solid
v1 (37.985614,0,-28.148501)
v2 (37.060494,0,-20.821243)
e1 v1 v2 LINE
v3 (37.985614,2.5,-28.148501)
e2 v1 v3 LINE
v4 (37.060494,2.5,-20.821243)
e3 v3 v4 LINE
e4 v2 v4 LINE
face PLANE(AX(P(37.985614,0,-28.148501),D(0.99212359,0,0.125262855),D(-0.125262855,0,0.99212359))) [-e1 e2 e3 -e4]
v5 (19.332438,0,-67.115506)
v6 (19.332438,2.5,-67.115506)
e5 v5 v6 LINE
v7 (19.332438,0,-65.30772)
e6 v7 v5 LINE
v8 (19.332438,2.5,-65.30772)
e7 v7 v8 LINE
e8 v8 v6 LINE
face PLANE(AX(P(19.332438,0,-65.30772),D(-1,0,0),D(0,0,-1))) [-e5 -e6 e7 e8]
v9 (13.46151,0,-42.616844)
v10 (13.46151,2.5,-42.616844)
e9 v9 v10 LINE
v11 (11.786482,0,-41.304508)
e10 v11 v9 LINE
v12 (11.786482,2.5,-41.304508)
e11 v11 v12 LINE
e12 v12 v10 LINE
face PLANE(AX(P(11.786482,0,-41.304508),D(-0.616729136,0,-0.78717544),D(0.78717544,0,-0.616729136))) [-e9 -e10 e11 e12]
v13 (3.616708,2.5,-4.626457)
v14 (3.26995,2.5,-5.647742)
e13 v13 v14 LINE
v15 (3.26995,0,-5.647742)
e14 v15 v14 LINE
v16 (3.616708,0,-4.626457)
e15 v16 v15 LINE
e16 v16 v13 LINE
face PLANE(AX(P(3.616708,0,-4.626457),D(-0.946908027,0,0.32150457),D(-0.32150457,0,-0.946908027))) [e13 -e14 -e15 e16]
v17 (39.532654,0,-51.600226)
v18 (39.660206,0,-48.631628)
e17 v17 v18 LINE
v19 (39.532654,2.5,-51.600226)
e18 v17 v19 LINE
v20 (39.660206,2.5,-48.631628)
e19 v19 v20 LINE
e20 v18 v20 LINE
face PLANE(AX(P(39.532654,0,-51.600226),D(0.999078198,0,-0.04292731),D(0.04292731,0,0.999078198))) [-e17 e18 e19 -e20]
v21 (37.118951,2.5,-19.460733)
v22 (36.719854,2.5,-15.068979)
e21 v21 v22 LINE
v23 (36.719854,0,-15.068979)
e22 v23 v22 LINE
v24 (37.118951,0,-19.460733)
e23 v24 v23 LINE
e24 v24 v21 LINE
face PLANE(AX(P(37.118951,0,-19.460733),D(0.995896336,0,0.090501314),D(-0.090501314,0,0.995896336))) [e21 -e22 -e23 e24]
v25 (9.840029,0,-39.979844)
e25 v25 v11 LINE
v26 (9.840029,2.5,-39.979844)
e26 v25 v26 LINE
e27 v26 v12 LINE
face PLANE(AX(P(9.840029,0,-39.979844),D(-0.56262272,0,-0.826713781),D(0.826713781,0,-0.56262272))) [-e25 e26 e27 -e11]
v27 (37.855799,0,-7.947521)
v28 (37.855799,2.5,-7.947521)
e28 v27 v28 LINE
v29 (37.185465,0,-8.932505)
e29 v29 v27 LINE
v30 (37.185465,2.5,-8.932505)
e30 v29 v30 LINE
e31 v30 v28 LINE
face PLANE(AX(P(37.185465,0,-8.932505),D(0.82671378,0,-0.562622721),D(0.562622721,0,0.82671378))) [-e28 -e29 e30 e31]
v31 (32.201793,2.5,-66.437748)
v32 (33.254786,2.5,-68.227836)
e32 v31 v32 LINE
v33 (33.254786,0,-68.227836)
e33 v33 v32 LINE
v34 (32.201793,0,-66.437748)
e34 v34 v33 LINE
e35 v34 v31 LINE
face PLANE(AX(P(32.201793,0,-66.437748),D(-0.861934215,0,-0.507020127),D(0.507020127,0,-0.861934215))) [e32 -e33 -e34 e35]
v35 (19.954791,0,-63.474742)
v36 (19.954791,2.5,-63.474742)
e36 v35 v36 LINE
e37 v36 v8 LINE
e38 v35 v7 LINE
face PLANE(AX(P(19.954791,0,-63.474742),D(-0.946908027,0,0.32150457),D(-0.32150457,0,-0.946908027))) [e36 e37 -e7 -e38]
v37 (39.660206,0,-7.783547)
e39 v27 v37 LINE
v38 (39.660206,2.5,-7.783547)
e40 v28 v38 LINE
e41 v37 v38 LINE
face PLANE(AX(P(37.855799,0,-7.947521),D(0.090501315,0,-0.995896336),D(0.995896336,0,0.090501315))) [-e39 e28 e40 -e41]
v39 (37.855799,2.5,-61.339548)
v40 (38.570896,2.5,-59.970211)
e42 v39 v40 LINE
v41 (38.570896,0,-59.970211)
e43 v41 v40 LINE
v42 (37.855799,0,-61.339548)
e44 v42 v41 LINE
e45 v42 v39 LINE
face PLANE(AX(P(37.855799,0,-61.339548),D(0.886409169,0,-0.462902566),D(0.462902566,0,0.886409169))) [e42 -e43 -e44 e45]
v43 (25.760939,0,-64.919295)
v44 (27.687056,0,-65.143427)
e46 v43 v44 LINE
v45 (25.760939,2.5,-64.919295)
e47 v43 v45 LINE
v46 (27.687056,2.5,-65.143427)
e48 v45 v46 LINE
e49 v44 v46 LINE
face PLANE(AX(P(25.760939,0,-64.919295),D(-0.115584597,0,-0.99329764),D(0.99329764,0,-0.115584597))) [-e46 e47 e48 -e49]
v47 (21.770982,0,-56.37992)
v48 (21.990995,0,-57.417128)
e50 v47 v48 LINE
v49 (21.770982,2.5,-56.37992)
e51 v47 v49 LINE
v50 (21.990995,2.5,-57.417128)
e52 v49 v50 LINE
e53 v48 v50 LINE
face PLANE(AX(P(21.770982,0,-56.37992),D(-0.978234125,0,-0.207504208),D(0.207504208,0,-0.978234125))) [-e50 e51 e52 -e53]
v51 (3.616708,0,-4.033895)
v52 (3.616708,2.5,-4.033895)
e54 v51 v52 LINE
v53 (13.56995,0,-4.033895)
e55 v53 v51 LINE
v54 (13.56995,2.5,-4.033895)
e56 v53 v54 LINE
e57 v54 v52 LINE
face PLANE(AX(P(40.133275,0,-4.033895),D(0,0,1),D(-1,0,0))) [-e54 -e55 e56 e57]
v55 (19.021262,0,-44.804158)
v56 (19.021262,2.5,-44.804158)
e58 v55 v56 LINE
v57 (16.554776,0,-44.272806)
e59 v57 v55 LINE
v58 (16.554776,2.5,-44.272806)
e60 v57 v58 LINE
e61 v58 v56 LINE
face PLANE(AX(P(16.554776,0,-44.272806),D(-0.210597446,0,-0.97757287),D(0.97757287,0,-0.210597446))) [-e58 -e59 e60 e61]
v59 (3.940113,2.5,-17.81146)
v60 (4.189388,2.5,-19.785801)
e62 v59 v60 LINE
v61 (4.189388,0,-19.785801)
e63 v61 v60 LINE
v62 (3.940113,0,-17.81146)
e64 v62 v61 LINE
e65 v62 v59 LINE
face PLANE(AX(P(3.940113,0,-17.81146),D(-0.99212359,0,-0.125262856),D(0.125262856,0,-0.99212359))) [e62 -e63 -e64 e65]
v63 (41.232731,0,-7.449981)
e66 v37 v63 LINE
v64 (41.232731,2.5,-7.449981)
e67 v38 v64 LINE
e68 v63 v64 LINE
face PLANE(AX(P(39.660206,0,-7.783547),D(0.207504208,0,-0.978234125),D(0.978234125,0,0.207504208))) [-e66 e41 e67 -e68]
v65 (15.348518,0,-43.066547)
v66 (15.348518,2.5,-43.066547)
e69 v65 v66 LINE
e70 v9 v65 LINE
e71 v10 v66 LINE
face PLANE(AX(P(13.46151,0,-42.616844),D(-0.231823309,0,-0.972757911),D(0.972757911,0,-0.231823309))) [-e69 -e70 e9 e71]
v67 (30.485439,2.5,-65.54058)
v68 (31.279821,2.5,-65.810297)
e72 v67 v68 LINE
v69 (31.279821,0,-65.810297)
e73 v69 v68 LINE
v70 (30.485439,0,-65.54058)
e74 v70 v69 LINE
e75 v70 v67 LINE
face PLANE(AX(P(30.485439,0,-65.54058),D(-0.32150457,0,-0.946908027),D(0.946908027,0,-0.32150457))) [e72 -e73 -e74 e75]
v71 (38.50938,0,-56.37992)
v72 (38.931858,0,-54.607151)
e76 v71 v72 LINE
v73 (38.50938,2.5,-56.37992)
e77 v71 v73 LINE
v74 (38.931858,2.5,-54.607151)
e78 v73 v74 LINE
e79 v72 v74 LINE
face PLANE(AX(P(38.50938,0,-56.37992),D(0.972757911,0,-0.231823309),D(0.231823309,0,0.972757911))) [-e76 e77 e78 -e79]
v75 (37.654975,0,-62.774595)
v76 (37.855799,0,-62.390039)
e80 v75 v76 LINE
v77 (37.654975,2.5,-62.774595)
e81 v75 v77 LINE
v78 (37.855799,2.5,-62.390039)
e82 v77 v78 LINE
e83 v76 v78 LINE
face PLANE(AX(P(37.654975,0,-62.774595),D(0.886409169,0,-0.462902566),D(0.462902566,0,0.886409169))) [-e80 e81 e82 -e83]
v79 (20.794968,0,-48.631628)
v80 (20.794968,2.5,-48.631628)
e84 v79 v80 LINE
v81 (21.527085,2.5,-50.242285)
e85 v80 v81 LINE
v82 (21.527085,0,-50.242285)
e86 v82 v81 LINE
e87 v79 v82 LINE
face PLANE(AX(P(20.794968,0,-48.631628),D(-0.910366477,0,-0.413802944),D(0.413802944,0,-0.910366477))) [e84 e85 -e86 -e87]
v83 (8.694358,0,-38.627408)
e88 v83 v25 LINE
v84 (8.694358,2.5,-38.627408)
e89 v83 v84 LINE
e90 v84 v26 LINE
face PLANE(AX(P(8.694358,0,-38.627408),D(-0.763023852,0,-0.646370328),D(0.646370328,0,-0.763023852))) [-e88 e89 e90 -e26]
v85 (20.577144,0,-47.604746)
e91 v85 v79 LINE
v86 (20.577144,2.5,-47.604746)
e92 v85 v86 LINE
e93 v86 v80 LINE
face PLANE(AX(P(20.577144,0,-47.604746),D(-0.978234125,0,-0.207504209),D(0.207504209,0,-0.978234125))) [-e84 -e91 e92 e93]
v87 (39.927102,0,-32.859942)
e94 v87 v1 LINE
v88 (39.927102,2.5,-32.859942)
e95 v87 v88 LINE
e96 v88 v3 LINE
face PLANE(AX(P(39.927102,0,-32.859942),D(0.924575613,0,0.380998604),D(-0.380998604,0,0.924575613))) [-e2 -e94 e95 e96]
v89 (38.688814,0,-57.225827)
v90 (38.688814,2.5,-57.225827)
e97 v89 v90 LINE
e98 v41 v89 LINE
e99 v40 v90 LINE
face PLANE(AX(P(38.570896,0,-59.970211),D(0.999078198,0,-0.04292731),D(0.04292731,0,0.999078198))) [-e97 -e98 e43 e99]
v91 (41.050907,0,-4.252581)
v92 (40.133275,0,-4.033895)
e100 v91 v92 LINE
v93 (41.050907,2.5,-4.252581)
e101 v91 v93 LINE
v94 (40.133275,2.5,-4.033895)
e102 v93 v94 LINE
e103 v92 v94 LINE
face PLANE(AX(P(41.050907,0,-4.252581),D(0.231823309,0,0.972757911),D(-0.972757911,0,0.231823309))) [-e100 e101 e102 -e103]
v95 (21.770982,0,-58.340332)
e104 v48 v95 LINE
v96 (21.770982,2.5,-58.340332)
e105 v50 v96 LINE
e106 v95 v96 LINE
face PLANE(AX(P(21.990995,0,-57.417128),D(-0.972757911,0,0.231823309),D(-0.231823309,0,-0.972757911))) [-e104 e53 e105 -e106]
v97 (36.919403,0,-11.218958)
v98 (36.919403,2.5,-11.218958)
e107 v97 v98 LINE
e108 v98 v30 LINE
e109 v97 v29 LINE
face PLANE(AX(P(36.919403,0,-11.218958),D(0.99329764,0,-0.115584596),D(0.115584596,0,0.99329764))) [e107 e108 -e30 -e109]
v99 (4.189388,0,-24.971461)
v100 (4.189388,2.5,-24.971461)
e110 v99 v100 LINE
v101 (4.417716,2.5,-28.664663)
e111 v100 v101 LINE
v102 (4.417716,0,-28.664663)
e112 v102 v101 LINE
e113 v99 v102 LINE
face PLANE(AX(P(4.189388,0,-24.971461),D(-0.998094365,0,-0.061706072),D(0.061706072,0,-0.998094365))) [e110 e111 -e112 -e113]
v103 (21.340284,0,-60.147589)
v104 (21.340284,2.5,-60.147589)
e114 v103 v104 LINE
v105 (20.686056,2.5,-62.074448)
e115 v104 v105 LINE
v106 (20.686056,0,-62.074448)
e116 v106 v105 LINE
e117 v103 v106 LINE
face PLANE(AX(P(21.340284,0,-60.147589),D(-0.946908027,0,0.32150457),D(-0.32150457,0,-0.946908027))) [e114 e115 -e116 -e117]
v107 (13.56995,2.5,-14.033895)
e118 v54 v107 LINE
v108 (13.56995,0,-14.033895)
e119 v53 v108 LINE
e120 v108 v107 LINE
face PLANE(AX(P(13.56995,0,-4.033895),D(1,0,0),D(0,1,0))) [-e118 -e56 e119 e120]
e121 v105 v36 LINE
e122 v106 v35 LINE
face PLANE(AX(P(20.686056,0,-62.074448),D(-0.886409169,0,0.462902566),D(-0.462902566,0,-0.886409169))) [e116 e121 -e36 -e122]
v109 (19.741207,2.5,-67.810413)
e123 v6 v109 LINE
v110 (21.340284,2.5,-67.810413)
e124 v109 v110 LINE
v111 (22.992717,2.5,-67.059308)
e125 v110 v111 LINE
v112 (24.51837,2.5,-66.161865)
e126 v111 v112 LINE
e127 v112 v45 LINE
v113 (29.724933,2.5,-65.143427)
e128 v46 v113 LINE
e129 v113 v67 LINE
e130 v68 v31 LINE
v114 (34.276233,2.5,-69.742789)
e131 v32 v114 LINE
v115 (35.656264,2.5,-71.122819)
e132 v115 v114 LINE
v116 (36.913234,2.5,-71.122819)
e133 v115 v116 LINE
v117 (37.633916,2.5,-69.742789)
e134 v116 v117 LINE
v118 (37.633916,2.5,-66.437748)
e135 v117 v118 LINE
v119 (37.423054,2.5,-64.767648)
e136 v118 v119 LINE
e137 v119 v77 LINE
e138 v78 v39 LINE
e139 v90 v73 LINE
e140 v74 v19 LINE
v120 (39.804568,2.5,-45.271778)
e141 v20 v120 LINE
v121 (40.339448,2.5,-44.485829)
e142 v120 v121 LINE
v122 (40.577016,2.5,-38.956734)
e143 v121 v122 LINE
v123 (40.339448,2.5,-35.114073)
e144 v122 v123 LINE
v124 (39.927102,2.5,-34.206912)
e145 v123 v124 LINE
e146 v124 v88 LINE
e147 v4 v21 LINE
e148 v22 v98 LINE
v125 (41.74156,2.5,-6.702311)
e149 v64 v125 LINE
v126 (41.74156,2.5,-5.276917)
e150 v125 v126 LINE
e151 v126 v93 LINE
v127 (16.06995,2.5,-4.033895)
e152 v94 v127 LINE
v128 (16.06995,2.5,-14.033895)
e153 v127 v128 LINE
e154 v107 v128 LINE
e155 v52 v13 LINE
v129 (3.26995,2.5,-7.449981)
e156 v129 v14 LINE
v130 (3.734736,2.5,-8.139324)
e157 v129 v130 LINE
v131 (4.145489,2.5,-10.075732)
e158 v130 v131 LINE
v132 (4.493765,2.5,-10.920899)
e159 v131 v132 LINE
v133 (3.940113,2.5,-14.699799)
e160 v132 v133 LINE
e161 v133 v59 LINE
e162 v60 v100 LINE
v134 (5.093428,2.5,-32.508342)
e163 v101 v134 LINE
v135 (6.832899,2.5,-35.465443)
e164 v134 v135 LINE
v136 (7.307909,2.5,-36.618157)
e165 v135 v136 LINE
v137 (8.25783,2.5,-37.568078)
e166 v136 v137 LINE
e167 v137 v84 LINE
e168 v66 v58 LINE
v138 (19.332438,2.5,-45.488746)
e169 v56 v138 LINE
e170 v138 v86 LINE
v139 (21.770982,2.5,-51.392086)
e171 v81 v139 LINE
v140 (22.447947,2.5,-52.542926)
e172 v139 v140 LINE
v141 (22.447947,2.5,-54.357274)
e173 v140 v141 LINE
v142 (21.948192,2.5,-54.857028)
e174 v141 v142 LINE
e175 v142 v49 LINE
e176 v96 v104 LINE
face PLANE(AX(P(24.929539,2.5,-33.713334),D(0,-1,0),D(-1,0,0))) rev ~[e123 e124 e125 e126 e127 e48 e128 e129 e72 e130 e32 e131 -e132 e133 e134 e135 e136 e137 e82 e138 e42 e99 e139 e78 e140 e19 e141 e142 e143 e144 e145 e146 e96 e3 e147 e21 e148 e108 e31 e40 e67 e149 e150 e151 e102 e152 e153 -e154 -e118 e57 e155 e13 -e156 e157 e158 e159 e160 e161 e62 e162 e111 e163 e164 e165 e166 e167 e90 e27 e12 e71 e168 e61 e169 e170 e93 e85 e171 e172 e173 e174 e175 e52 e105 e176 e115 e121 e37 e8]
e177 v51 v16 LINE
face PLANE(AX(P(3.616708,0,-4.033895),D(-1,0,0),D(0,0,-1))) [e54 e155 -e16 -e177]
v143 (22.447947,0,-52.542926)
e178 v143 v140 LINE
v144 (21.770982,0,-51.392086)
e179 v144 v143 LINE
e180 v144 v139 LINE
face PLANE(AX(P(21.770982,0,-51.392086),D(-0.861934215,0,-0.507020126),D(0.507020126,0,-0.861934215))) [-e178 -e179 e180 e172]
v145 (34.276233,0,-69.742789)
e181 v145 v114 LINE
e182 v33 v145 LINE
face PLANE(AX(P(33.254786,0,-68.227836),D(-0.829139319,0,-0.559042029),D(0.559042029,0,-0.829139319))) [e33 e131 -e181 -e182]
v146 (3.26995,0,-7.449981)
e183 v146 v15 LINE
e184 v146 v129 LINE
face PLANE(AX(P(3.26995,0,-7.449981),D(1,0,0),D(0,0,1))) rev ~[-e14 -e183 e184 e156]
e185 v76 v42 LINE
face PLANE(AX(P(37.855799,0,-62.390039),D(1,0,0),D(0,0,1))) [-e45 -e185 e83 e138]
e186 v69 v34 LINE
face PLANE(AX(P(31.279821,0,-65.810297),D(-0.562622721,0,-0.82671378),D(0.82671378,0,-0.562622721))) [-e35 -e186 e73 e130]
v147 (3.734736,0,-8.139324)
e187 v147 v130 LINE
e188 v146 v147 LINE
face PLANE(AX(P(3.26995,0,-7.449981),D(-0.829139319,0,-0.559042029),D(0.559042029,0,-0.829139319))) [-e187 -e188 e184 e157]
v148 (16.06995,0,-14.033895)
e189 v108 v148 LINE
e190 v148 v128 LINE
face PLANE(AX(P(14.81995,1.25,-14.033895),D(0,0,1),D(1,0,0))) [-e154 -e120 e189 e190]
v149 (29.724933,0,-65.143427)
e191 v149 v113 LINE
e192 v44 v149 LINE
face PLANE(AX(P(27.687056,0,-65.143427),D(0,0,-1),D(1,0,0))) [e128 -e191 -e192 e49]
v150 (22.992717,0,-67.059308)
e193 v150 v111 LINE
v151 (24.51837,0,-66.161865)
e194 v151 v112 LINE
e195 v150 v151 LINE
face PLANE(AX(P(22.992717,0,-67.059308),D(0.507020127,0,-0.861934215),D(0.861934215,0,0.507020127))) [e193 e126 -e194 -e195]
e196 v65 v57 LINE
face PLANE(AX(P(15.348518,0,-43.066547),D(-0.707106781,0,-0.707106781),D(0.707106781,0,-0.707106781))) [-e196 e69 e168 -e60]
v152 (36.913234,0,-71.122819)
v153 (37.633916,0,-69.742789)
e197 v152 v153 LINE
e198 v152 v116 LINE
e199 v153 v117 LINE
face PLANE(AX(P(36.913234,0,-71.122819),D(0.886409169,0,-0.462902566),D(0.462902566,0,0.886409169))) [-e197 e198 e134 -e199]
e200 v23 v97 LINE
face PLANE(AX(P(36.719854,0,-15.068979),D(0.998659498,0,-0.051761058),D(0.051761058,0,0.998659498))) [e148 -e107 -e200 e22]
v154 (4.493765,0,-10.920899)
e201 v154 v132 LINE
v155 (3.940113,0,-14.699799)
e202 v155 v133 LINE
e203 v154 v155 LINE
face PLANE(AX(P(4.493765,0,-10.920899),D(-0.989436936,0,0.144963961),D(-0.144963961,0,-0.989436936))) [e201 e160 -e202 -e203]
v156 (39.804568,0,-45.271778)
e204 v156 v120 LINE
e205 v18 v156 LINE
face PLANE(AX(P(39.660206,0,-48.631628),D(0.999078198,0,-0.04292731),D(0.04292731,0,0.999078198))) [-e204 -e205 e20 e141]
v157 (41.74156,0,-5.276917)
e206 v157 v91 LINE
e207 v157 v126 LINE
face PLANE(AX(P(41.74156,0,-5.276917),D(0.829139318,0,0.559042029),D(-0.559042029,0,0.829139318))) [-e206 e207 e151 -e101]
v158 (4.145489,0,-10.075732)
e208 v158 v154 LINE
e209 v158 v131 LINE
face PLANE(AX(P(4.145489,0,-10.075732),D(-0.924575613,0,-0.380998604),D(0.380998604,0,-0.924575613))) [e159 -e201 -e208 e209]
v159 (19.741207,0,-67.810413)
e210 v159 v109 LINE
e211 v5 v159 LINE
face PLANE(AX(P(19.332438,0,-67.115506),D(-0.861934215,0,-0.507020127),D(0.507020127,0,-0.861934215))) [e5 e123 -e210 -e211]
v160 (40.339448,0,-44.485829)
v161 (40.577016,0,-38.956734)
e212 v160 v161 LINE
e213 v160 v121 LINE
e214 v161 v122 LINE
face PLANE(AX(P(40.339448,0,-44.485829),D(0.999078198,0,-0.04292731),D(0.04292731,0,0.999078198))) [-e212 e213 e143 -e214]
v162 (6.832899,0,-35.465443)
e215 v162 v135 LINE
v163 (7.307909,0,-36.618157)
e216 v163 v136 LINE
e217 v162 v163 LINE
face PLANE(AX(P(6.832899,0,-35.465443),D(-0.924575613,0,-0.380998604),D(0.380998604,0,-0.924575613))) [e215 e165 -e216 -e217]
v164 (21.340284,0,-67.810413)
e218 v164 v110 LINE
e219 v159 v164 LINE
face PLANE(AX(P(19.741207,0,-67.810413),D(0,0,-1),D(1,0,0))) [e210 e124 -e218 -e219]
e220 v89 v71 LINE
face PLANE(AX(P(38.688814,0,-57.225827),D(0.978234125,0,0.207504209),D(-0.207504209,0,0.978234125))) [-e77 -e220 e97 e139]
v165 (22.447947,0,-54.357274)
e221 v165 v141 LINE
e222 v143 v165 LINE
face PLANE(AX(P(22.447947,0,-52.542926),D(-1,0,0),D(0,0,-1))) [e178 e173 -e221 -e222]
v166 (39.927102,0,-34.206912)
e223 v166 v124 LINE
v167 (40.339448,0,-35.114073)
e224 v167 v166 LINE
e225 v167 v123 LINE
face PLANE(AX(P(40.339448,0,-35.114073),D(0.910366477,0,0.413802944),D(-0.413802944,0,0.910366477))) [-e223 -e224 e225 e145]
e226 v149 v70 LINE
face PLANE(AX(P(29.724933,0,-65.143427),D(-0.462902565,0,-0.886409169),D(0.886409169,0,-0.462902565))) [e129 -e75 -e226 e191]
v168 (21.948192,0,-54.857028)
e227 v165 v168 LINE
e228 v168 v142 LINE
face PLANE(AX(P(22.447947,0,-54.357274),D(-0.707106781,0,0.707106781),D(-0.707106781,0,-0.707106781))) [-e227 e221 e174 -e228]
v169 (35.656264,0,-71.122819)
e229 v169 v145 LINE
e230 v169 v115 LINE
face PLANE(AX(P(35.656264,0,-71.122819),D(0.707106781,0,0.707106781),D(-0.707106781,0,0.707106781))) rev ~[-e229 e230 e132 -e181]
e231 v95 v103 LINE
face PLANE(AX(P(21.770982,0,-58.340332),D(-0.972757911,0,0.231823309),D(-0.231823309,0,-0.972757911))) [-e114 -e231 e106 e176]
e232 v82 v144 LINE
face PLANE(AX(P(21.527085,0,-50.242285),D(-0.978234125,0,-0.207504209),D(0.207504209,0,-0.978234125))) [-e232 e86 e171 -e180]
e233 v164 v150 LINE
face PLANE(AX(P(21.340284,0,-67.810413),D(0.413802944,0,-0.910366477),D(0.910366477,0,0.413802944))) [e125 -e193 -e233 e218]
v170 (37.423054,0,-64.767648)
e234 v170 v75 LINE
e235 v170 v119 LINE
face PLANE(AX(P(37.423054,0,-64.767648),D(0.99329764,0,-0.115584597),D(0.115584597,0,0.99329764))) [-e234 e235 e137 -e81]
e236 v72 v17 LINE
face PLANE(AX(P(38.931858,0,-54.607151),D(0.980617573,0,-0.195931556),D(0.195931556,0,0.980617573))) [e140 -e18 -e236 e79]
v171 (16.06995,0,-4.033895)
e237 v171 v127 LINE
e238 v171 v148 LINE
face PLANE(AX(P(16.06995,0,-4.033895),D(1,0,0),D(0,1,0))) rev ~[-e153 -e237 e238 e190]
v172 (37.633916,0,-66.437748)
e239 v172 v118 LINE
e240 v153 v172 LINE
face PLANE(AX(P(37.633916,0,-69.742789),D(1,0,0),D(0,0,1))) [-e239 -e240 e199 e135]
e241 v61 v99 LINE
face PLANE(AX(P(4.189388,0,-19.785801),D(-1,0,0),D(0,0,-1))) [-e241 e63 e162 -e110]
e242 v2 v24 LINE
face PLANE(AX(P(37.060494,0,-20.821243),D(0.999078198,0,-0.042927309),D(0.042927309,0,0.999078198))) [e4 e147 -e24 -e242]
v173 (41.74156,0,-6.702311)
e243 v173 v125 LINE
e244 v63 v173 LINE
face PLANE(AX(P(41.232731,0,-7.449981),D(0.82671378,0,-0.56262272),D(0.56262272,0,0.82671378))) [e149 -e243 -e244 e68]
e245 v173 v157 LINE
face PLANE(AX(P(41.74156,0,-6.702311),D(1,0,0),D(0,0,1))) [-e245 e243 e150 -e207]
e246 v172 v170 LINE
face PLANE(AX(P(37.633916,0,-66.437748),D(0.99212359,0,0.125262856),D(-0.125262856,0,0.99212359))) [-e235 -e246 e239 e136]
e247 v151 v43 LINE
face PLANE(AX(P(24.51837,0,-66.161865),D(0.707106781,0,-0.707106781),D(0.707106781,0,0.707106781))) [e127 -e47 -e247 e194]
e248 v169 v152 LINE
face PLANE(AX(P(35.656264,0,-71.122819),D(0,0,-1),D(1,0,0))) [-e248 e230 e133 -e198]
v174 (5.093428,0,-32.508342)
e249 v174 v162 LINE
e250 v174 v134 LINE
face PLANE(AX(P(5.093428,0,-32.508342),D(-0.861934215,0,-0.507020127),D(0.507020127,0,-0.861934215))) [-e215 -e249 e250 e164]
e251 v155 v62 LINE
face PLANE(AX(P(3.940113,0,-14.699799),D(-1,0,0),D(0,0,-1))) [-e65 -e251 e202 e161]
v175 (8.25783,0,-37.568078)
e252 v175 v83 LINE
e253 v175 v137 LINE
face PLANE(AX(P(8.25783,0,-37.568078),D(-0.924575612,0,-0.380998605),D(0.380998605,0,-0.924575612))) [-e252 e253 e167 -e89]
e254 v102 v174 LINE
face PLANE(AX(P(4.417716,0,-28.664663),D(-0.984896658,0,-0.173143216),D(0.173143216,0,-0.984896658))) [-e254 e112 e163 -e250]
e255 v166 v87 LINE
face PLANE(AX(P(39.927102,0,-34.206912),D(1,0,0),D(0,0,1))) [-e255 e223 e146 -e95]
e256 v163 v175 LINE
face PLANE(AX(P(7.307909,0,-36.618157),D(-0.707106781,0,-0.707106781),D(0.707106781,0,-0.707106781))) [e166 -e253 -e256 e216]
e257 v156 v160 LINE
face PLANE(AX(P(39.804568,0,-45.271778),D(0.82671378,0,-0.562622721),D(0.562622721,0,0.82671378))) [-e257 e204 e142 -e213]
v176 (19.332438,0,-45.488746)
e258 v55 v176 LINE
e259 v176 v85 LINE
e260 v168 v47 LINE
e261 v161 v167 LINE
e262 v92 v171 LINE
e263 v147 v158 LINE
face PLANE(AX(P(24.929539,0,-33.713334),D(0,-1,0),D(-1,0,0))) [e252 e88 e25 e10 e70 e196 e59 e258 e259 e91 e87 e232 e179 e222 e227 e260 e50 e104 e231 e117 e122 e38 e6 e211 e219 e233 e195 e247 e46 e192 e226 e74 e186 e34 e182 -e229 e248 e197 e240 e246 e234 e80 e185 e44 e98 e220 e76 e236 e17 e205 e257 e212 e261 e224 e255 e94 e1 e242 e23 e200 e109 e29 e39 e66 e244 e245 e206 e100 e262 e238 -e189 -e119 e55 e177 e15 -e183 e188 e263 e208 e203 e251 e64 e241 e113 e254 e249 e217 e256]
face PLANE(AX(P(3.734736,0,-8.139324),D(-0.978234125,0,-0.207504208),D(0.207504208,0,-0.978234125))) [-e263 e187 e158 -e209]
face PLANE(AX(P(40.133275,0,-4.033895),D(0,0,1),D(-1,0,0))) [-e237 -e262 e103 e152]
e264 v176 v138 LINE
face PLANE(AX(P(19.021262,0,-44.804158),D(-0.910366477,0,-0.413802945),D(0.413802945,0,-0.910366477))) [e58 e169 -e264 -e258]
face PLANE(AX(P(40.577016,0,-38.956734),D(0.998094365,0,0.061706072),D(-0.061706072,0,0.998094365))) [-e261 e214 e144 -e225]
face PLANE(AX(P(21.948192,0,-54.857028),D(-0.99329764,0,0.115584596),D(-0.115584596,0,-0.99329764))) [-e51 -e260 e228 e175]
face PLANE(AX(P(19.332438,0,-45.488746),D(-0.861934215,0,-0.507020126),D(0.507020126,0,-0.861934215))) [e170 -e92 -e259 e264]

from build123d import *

# Parameters (mm, degrees)
BOSS_EXTRUDE1_DEPTH = 2.5
SKETCH2_W           = 2.5
SKETCH2_H           = 2.5
CUT_EXTRUDE1_DEPTH  = 10


with BuildPart() as part:
    # Sketch1 → Boss-Extrude1 (new body)
    with BuildSketch(Plane(origin=(0, 0, 0), x_dir=(1, 0, 0), z_dir=(0, 1, 0))):
        Polygon((19.021261999, 44.804158017), (19.332438403, 45.488746105), (20.577144018, 47.604745652), (20.794967501, 48.631627785), (21.527084588, 50.242285376), (21.770981653, 51.392085822), (22.447946599, 52.542926231), (22.447946599, 54.357273616), (21.948192274, 54.857027941), (21.770981653, 56.379920241), (21.990995409, 57.417127949), (21.770981653, 58.340331586), (21.340284184, 60.1475889), (20.68605576, 62.074448432), (19.954791211, 63.47474225), (19.332438403, 65.307720452), (19.332438403, 67.115506175), (19.741207407, 67.810413481), (21.340284184, 67.810413481), (22.992716517, 67.059307875), (24.51836959, 66.161864891), (25.760939094, 64.919295387), (27.687055742, 65.143427014), (29.724933341, 65.143427014), (30.485439327, 65.540580139), (31.279820672, 65.810297182), (32.201793055, 66.437748451), (33.254785535, 68.227835667), (34.276233434, 69.742789054), (35.243443216, 70.709998836), (35.656263686, 71.122819306), (36.913233915, 71.122819306), (37.63391638, 69.742789054), (37.63391638, 66.437748451), (37.423054008, 64.767648146), (37.654974628, 62.774595341), (37.855798717, 62.390038575), (37.855798717, 61.339547521), (38.570896495, 59.97021135), (38.688814239, 57.225826771), (38.50937952, 56.379920241), (38.931857999, 54.607150778), (39.532654393, 51.600225744), (39.660205894, 48.631627785), (39.804568301, 45.271777514), (40.33944819, 44.485828851), (40.577016369, 38.956733507), (40.33944819, 35.114073385), (39.92710204, 34.206911855), (39.92710204, 32.859942326), (37.98561411, 28.148501466), (37.060494228, 20.821243477), (37.11895116, 19.460733181), (36.71985388, 15.068979081), (36.91940252, 11.218958378), (37.185464562, 8.932504932), (37.855798717, 7.947520745), (39.660205894, 7.783546628), (41.232731094, 7.449980677), (41.741559995, 6.702311148), (41.741559995, 5.276917294), (41.050907419, 4.252580704), (40.133275115, 4.033894683), (3.616707841, 4.033894683), (3.616707841, 4.626457176), (3.269950211, 5.647741518), (3.269950211, 6.261397474), (3.269950211, 7.449980677), (3.734735993, 8.139324495), (4.145489026, 10.075731655), (4.493765097, 10.920898955), (3.940112509, 14.699799013), (3.940112509, 17.811459581), (4.189387556, 19.785801077), (4.189387556, 24.971460981), (4.417715683, 28.664663454), (5.09342811, 32.508342262), (6.832899379, 35.465443418), (7.307908954, 36.618157008), (8.257829647, 37.568077701), (8.694357753, 38.627407672), (9.840028976, 39.979843625), (11.786481729, 41.304508301), (13.461509637, 42.616844106), (15.348517574, 43.066547386), (16.554775804, 44.272805615), align=None)
    extrude(amount=BOSS_EXTRUDE1_DEPTH)

    # Sketch2 → Cut-Extrude1 (cut)
    with BuildSketch(Plane.XY.offset(-4.033894683)):
        with Locations((14.819950211, 1.25)):
            Rectangle(SKETCH2_W, SKETCH2_H)
    extrude(amount=-CUT_EXTRUDE1_DEPTH, mode=Mode.SUBTRACT)


solid = part.part
